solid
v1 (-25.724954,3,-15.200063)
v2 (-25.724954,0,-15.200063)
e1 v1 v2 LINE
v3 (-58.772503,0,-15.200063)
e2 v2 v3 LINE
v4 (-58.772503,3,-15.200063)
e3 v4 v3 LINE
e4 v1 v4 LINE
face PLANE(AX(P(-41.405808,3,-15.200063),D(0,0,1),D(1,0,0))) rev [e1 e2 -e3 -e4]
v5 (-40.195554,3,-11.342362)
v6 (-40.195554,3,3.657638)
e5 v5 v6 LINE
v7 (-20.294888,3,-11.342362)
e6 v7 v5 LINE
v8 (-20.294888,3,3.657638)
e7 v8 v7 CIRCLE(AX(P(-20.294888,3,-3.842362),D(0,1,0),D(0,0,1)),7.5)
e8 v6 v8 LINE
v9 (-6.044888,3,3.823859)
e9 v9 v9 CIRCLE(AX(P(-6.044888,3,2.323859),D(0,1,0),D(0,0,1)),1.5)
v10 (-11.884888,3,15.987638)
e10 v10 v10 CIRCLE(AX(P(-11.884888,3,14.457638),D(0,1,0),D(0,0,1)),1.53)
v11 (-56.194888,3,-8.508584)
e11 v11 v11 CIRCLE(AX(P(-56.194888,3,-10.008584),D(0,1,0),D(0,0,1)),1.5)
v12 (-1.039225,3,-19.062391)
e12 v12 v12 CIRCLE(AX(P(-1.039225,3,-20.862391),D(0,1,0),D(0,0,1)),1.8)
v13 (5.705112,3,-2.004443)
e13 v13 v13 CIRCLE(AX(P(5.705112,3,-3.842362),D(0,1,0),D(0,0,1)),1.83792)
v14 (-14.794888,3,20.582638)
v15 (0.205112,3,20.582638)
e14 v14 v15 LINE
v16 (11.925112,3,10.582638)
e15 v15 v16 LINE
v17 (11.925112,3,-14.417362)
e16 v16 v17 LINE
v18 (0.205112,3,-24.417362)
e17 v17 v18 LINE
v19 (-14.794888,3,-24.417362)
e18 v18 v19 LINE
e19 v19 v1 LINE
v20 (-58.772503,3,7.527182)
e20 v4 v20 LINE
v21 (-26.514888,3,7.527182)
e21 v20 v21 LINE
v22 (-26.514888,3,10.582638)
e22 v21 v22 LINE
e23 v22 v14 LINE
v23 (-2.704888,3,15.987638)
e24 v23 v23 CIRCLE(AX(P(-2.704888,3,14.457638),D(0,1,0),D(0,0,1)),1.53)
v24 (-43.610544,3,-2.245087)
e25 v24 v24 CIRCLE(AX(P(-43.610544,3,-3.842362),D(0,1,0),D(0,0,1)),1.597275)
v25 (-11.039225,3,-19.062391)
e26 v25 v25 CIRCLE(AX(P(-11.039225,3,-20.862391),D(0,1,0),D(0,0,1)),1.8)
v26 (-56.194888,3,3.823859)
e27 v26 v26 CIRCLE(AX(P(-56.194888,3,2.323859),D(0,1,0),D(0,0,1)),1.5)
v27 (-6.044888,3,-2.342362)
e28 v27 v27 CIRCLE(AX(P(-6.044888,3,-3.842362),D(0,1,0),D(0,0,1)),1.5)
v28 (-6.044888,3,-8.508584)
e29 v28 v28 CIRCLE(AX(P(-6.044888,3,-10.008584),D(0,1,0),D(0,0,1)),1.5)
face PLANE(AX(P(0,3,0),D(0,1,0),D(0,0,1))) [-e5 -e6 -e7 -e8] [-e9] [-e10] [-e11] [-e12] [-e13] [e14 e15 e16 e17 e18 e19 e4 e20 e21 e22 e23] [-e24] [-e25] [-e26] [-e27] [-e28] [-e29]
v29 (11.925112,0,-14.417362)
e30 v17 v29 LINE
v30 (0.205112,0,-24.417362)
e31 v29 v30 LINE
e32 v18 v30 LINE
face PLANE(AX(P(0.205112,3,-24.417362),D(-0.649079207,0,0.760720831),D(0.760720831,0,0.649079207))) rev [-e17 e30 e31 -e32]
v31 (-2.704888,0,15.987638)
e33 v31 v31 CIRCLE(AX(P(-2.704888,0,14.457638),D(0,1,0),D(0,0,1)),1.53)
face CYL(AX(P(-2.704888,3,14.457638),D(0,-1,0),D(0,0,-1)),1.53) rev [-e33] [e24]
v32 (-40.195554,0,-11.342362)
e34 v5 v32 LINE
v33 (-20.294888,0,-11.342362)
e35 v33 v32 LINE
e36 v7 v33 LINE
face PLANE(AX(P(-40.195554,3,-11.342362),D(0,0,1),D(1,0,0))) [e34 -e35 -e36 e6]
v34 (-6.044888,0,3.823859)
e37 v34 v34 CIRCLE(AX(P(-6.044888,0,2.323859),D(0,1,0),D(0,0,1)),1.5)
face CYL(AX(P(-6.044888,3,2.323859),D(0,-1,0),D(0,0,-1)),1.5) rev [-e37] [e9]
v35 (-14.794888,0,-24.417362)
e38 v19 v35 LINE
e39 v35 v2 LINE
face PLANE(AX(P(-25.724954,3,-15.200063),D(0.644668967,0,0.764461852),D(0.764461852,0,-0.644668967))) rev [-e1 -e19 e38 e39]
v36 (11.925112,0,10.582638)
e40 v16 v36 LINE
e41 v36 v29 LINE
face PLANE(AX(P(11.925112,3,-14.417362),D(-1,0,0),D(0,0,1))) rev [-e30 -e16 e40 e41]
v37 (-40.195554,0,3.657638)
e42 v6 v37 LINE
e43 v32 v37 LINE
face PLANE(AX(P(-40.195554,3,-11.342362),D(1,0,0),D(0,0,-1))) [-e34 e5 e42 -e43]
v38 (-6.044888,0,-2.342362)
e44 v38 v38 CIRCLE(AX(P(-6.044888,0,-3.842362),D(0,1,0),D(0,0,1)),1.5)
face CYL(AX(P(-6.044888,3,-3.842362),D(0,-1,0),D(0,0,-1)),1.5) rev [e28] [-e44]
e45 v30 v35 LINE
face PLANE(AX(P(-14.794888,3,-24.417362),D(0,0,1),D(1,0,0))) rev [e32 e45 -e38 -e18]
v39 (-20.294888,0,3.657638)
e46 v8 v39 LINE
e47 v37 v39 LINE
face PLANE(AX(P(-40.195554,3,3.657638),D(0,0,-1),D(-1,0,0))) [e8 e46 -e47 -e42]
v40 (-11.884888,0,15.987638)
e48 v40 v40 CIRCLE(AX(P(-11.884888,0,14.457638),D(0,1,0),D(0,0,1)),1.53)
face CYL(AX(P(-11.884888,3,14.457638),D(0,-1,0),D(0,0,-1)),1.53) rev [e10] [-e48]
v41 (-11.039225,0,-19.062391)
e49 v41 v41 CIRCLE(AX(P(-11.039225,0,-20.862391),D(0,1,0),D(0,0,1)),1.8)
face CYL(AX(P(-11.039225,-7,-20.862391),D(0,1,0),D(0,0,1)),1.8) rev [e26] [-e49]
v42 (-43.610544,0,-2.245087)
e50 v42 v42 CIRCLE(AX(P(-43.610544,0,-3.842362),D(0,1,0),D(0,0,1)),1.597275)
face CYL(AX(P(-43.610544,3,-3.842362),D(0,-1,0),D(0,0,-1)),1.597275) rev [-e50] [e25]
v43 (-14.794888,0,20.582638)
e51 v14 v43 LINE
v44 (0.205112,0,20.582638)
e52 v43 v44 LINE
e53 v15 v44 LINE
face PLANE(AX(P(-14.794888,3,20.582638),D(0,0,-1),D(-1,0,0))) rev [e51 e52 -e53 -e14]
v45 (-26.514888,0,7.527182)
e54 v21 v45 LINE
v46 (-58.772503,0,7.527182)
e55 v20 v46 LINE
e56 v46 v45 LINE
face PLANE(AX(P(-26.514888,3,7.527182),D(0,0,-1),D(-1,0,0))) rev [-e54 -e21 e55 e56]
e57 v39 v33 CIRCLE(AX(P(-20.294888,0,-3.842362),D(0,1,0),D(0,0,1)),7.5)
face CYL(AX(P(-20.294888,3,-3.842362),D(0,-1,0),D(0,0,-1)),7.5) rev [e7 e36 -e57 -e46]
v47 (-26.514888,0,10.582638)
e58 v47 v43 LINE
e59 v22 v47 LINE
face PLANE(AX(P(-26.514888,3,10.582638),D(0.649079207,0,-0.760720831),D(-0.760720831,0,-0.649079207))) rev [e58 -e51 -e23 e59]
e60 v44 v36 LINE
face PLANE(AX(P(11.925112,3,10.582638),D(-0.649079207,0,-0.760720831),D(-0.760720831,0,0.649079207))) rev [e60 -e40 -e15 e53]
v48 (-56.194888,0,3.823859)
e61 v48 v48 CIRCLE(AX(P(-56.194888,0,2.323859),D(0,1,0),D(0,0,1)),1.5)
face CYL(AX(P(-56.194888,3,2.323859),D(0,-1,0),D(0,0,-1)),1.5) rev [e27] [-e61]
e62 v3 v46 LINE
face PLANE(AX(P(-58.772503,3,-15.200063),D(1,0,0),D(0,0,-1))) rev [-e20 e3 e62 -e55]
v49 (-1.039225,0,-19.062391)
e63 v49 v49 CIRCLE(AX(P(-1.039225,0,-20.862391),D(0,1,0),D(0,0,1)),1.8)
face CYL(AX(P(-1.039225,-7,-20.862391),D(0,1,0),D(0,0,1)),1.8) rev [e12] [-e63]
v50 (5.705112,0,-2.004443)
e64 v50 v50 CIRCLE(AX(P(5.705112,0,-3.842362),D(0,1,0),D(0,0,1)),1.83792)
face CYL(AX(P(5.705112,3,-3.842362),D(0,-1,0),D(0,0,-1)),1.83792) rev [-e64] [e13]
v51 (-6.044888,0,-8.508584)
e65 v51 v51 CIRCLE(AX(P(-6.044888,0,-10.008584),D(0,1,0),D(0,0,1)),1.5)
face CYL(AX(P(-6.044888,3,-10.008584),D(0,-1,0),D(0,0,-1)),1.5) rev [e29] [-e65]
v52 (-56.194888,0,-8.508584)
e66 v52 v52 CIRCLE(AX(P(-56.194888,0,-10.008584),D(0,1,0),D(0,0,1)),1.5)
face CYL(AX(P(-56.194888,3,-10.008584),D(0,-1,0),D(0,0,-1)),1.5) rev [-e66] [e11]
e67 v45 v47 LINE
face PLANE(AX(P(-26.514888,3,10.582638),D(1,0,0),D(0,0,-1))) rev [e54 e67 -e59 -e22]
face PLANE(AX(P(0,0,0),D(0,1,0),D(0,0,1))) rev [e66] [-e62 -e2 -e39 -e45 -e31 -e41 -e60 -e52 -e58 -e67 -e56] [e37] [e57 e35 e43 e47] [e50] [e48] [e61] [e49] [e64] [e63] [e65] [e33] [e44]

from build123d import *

# Parameters (mm, degrees)
CROQUIS1_R              = 1.53
CROQUIS1_R_2            = 1.837919526
CROQUIS1_R_3            = 1.597275243
CROQUIS1_R_4            = 1.5
SALIENTE_EXTRUIR1_DEPTH = 3
CROQUIS2_R              = 1.8
CORTAR_EXTRUIR1_DEPTH   = 10


with BuildPart() as part:
    # Croquis1 → Saliente-Extruir1 (new body)
    with BuildSketch(Plane(origin=(0, 0, 0), x_dir=(1, 0, 0), z_dir=(0, 1, 0))):
        Polygon((-26.514888395, -10.582637626), (-26.514888395, -7.527182045), (-40.886979894, -7.527182045), (-58.77250276, -7.527182045), (-58.77250276, 15.200062733), (-41.405808266, 15.200062733), (-25.724953766, 15.200062733), (-14.794888395, 24.417362374), (0.205111605, 24.417362374), (11.925111605, 14.417362374), (11.925111605, -10.582637626), (0.205111605, -20.582637626), (-14.794888395, -20.582637626), align=None)
        with Locations((-11.884888395, -14.457637626)):
            Circle(CROQUIS1_R, mode=Mode.SUBTRACT)
        with Locations((-2.704888395, -14.457637626)):
            Circle(CROQUIS1_R, mode=Mode.SUBTRACT)
        with Locations((5.705111605, 3.842362374)):
            Circle(CROQUIS1_R_2, mode=Mode.SUBTRACT)
        with Locations((-43.610544187, 3.842362374)):
            Circle(CROQUIS1_R_3, mode=Mode.SUBTRACT)
        with Locations((-6.044888395, 3.842362374)):
            Circle(CROQUIS1_R_4, mode=Mode.SUBTRACT)
        with Locations((-6.044888395, 10.008584025)):
            Circle(CROQUIS1_R_4, mode=Mode.SUBTRACT)
        with Locations((-6.044888395, -2.323859276)):
            Circle(CROQUIS1_R_4, mode=Mode.SUBTRACT)
        with Locations((-56.194888395, 10.008584025)):
            Circle(CROQUIS1_R_4, mode=Mode.SUBTRACT)
        with Locations((-56.194888395, -2.323859276)):
            Circle(CROQUIS1_R_4, mode=Mode.SUBTRACT)
        with BuildLine():
            Line((-40.195554385, 11.342362374), (-20.294888395, 11.342362374))
            ThreePointArc((-20.294888395, 11.342362374), (-12.794888395, 3.842362374), (-20.294888395, -3.657637626))
            Line((-20.294888395, -3.657637626), (-40.195554385, -3.657637626))
            Line((-40.195554385, -3.657637626), (-40.195554385, 11.342362374))
        make_face(mode=Mode.SUBTRACT)
    extrude(amount=SALIENTE_EXTRUIR1_DEPTH)

    # Croquis2 → Cortar-Extruir1 (cut)
    with BuildSketch(Plane(origin=(0, 3, 0), x_dir=(1, 0, 0), z_dir=(0, 1, 0))):
        with Locations((-11.039224955, 20.862391136)):
            Circle(CROQUIS2_R)
        with Locations((-1.039224955, 20.862391136)):
            Circle(CROQUIS2_R)
    extrude(amount=-CORTAR_EXTRUIR1_DEPTH, mode=Mode.SUBTRACT)


solid = part.part
